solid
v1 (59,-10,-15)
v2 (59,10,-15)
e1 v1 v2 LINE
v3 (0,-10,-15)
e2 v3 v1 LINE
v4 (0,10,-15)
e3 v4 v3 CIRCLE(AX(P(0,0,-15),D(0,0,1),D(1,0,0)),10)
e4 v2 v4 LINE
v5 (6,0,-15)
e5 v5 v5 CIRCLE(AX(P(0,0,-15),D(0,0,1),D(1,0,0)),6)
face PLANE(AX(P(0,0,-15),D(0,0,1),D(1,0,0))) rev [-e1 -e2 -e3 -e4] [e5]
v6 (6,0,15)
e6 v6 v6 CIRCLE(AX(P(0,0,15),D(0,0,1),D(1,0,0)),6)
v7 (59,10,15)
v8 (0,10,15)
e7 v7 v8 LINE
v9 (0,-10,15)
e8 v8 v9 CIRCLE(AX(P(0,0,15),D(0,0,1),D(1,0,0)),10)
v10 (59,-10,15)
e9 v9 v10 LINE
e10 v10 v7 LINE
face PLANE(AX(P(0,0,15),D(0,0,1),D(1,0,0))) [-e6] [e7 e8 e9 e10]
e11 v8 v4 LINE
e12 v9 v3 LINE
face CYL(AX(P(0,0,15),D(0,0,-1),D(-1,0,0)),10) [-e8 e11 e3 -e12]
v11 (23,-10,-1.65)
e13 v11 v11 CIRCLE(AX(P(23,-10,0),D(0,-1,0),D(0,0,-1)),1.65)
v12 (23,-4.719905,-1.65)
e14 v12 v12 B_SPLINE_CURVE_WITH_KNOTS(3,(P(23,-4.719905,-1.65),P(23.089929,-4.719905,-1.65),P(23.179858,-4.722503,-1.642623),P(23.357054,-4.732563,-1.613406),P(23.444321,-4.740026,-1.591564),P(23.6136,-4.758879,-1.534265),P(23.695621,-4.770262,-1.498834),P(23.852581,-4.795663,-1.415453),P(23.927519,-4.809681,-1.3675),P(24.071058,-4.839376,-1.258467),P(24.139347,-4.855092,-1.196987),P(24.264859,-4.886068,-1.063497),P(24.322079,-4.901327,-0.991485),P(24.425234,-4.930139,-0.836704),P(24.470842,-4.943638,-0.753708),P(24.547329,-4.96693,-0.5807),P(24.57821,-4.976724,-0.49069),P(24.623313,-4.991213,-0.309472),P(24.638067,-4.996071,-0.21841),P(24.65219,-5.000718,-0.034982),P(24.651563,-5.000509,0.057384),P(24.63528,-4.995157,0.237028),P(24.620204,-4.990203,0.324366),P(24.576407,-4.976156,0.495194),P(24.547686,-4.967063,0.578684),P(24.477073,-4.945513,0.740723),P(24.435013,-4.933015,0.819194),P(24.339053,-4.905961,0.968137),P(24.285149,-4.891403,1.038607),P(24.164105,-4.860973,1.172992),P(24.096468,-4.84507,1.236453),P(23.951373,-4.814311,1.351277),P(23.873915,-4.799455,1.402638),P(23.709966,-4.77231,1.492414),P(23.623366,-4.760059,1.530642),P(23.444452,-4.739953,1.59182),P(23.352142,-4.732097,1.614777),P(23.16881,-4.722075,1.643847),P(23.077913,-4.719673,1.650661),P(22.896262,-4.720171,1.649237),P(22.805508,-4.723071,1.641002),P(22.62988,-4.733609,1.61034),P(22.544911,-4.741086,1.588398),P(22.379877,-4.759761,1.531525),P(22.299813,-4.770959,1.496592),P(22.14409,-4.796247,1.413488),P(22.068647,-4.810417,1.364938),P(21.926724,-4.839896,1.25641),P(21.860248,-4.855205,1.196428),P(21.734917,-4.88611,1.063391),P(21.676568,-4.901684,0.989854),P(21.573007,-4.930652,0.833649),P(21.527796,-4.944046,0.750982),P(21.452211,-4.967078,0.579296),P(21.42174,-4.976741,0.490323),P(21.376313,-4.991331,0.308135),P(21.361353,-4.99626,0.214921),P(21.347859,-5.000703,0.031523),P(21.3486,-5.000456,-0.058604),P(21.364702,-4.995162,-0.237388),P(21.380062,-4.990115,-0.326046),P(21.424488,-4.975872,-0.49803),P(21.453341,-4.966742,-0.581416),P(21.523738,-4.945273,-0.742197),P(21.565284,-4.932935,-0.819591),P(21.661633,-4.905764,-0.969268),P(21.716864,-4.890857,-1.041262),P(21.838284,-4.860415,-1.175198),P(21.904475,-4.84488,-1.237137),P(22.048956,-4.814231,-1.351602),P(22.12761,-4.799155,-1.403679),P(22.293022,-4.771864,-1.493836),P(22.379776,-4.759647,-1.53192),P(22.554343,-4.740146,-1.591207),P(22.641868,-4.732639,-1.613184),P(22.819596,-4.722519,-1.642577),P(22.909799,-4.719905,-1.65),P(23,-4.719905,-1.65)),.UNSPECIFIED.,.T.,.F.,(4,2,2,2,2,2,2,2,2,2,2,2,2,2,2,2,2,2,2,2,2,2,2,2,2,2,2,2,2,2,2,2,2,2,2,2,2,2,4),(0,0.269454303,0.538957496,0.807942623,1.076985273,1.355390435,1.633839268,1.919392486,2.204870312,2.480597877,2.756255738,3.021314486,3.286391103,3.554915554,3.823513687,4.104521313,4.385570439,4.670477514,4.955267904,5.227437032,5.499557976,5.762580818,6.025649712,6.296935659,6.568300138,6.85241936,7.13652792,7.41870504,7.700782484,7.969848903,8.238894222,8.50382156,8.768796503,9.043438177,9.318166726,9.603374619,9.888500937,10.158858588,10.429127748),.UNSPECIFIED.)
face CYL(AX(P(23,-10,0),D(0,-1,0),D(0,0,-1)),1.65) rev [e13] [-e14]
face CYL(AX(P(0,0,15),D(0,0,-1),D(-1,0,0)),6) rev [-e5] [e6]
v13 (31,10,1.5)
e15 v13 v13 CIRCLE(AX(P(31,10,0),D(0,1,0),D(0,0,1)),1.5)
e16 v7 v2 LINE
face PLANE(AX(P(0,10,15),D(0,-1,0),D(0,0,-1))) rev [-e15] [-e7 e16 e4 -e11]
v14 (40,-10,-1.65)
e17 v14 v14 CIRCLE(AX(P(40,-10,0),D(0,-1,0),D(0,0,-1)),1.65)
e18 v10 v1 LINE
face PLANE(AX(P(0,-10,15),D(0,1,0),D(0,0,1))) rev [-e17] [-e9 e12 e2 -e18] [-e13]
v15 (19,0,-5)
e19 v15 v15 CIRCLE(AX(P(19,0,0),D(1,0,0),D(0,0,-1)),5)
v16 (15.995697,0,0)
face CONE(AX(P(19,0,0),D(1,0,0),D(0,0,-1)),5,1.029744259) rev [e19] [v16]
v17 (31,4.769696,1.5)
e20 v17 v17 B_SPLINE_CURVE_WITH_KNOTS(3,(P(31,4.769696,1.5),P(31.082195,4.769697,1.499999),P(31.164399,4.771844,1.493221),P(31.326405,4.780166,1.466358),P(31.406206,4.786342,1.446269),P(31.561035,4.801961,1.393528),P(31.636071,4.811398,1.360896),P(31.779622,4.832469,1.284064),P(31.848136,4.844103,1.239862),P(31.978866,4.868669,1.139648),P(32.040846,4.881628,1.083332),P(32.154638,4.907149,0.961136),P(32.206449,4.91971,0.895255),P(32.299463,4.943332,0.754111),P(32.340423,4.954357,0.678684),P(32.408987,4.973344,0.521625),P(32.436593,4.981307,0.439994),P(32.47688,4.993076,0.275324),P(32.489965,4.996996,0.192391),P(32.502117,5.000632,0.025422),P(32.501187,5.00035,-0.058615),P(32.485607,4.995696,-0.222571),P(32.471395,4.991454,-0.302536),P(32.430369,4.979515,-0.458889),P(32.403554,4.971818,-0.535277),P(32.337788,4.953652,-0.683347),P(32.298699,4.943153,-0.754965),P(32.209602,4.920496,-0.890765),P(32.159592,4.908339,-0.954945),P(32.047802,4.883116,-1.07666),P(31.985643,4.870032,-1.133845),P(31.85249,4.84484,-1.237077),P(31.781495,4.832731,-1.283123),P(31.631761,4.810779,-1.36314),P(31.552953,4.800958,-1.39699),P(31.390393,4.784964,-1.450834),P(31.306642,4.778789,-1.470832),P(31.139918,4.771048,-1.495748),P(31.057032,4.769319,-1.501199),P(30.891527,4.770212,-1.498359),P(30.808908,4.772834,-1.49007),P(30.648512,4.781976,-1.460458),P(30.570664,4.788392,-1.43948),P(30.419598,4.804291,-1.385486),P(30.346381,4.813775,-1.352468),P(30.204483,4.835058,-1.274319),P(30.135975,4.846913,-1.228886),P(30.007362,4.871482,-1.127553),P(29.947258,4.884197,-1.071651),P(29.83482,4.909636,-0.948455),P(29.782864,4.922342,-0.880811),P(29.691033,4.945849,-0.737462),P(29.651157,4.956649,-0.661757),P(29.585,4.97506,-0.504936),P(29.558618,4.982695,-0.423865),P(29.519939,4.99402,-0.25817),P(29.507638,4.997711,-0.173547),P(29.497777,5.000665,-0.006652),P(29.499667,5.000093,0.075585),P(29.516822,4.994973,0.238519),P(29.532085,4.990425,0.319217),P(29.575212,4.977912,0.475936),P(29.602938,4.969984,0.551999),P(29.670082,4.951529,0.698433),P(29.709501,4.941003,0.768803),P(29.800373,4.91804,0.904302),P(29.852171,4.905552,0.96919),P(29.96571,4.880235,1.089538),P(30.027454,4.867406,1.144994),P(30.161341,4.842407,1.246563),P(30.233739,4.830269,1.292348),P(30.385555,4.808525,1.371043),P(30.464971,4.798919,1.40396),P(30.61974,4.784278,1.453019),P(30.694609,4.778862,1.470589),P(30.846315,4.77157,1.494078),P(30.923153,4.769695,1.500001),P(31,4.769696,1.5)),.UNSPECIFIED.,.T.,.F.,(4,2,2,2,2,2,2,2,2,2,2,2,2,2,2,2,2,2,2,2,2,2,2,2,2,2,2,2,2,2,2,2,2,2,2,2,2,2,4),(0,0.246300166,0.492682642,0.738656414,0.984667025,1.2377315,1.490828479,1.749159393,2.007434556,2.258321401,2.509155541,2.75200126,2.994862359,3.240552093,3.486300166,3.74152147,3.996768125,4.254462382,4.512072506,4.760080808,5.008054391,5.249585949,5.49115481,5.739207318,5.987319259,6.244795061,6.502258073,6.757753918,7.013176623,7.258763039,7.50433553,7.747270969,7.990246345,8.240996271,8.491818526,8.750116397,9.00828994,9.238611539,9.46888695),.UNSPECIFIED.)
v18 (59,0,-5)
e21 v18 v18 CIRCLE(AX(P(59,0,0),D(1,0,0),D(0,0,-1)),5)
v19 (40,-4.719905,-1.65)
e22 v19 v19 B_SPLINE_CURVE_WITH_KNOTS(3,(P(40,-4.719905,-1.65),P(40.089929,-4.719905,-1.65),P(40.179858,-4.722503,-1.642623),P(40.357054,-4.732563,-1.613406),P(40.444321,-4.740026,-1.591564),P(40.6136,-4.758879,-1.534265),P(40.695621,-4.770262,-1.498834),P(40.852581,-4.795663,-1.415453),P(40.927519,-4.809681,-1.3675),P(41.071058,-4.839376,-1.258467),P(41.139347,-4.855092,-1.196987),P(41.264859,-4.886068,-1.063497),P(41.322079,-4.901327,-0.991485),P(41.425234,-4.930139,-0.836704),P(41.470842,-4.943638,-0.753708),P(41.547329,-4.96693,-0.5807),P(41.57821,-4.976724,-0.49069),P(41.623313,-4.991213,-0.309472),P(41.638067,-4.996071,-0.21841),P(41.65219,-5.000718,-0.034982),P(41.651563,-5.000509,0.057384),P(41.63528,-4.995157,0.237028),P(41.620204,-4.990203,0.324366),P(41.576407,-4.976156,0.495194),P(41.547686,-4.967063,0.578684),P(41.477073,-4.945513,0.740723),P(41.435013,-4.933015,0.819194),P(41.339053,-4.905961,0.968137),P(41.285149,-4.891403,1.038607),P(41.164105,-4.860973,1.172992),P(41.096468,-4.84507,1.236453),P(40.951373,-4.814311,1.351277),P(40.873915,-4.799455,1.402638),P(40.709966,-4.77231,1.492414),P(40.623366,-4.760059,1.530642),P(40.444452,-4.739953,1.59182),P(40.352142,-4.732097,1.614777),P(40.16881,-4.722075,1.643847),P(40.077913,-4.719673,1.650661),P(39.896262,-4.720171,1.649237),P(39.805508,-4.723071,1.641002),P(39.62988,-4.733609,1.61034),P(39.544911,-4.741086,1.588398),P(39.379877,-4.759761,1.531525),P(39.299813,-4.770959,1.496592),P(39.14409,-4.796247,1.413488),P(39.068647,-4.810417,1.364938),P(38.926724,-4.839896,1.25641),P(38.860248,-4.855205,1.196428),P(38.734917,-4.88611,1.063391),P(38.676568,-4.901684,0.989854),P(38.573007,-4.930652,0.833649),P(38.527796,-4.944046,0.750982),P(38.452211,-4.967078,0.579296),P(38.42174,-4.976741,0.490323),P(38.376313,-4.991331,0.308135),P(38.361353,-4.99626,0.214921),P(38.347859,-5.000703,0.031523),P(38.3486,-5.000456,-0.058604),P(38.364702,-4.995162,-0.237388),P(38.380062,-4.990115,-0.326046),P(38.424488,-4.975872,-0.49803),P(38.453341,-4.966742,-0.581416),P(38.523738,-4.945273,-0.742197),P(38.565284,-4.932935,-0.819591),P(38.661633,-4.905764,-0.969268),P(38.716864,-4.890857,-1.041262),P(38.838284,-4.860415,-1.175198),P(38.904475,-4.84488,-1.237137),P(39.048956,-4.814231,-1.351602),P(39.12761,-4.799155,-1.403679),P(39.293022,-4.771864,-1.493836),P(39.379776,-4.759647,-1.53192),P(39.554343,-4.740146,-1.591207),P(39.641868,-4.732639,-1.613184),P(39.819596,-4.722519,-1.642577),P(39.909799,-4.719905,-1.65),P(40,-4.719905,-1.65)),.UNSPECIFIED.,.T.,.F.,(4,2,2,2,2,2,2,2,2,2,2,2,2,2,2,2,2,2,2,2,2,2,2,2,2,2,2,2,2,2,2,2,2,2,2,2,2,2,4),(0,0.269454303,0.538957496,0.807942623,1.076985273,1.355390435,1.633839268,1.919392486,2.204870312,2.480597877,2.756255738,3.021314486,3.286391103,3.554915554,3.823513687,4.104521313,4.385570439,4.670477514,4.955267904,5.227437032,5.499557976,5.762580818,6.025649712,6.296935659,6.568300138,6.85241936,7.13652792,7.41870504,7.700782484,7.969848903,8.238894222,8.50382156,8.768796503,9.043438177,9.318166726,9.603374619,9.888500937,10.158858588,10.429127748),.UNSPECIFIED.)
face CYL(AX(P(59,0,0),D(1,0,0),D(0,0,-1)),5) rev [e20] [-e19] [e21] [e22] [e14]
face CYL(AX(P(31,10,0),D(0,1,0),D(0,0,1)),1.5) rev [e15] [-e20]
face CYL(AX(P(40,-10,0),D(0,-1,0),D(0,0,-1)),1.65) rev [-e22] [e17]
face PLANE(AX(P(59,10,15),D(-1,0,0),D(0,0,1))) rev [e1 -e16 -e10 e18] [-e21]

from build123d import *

# Parameters (mm, degrees)
ESQUISSE1_R                         = 6
BOSS_EXTRU_1_DEPTH                  = 15
DIAM_TRE_DU_PER_AGE_10_0_10_1_D     = 10
DIAM_TRE_DU_PER_AGE_10_0_10_1_DEPTH = 40
DIAM_TRE_DU_PER_AGE_10_0_10_1_TIP   = 3.004303095
DIAM_TRE_DU_PER_AGE_3_0_3_1_D       = 3
DIAM_TRE_DU_PER_AGE_3_0_3_1_DEPTH   = 10
DIAM_TRE_DU_PER_AGE_3_0_3_1_TIP     = 0.901290929
TROU_TARAUD_M41_D                   = 3.3
TROU_TARAUD_M41_DEPTH               = 11.5
TROU_TARAUD_M41_TIP                 = 0.991420021


with BuildPart() as part:
    # Esquisse1 → Boss.-Extru.1 (new body, symmetric)
    with BuildSketch(Plane.XY):
        with BuildLine():
            Line((0, -10), (59, -10))
            Line((59, -10), (59, 10))
            Line((59, 10), (0, 10))
            ThreePointArc((0, 10), (-10, 0), (0, -10))
        make_face()
        Circle(ESQUISSE1_R, mode=Mode.SUBTRACT)
    extrude(amount=BOSS_EXTRU_1_DEPTH, both=True)

    # Diamètre du perçage Ø10.0 (10)1
    with Locations(Plane(origin=(59, 0, 0), x_dir=(0, 0, -1), z_dir=(1, 0, 0))):
        with Locations((0, 0)):
            Hole(DIAM_TRE_DU_PER_AGE_10_0_10_1_D / 2, depth=DIAM_TRE_DU_PER_AGE_10_0_10_1_DEPTH)
            with Locations((0, 0, -(DIAM_TRE_DU_PER_AGE_10_0_10_1_DEPTH + DIAM_TRE_DU_PER_AGE_10_0_10_1_TIP / 2))):  # 118° drill point
                Cone(0, DIAM_TRE_DU_PER_AGE_10_0_10_1_D / 2, DIAM_TRE_DU_PER_AGE_10_0_10_1_TIP, mode=Mode.SUBTRACT)

    # Diamètre du perçage Ø3.0 (3)1
    with Locations(Plane(origin=(0, 10, 0), x_dir=(1, 0, 0), z_dir=(0, 1, 0))):
        with Locations((31, 0)):
            Hole(DIAM_TRE_DU_PER_AGE_3_0_3_1_D / 2, depth=DIAM_TRE_DU_PER_AGE_3_0_3_1_DEPTH)
            with Locations((0, 0, -(DIAM_TRE_DU_PER_AGE_3_0_3_1_DEPTH + DIAM_TRE_DU_PER_AGE_3_0_3_1_TIP / 2))):  # 118° drill point
                Cone(0, DIAM_TRE_DU_PER_AGE_3_0_3_1_D / 2, DIAM_TRE_DU_PER_AGE_3_0_3_1_TIP, mode=Mode.SUBTRACT)

    # Trou taraudé M41
    with Locations(Plane(origin=(0, -10, 0), x_dir=(-1, 0, 0), z_dir=(0, -1, 0))):
        with Locations((-40, 0), (-23, 0)):
            Hole(TROU_TARAUD_M41_D / 2, depth=TROU_TARAUD_M41_DEPTH)
            with Locations((0, 0, -(TROU_TARAUD_M41_DEPTH + TROU_TARAUD_M41_TIP / 2))):  # 118° drill point
                Cone(0, TROU_TARAUD_M41_D / 2, TROU_TARAUD_M41_TIP, mode=Mode.SUBTRACT)


solid = part.part
